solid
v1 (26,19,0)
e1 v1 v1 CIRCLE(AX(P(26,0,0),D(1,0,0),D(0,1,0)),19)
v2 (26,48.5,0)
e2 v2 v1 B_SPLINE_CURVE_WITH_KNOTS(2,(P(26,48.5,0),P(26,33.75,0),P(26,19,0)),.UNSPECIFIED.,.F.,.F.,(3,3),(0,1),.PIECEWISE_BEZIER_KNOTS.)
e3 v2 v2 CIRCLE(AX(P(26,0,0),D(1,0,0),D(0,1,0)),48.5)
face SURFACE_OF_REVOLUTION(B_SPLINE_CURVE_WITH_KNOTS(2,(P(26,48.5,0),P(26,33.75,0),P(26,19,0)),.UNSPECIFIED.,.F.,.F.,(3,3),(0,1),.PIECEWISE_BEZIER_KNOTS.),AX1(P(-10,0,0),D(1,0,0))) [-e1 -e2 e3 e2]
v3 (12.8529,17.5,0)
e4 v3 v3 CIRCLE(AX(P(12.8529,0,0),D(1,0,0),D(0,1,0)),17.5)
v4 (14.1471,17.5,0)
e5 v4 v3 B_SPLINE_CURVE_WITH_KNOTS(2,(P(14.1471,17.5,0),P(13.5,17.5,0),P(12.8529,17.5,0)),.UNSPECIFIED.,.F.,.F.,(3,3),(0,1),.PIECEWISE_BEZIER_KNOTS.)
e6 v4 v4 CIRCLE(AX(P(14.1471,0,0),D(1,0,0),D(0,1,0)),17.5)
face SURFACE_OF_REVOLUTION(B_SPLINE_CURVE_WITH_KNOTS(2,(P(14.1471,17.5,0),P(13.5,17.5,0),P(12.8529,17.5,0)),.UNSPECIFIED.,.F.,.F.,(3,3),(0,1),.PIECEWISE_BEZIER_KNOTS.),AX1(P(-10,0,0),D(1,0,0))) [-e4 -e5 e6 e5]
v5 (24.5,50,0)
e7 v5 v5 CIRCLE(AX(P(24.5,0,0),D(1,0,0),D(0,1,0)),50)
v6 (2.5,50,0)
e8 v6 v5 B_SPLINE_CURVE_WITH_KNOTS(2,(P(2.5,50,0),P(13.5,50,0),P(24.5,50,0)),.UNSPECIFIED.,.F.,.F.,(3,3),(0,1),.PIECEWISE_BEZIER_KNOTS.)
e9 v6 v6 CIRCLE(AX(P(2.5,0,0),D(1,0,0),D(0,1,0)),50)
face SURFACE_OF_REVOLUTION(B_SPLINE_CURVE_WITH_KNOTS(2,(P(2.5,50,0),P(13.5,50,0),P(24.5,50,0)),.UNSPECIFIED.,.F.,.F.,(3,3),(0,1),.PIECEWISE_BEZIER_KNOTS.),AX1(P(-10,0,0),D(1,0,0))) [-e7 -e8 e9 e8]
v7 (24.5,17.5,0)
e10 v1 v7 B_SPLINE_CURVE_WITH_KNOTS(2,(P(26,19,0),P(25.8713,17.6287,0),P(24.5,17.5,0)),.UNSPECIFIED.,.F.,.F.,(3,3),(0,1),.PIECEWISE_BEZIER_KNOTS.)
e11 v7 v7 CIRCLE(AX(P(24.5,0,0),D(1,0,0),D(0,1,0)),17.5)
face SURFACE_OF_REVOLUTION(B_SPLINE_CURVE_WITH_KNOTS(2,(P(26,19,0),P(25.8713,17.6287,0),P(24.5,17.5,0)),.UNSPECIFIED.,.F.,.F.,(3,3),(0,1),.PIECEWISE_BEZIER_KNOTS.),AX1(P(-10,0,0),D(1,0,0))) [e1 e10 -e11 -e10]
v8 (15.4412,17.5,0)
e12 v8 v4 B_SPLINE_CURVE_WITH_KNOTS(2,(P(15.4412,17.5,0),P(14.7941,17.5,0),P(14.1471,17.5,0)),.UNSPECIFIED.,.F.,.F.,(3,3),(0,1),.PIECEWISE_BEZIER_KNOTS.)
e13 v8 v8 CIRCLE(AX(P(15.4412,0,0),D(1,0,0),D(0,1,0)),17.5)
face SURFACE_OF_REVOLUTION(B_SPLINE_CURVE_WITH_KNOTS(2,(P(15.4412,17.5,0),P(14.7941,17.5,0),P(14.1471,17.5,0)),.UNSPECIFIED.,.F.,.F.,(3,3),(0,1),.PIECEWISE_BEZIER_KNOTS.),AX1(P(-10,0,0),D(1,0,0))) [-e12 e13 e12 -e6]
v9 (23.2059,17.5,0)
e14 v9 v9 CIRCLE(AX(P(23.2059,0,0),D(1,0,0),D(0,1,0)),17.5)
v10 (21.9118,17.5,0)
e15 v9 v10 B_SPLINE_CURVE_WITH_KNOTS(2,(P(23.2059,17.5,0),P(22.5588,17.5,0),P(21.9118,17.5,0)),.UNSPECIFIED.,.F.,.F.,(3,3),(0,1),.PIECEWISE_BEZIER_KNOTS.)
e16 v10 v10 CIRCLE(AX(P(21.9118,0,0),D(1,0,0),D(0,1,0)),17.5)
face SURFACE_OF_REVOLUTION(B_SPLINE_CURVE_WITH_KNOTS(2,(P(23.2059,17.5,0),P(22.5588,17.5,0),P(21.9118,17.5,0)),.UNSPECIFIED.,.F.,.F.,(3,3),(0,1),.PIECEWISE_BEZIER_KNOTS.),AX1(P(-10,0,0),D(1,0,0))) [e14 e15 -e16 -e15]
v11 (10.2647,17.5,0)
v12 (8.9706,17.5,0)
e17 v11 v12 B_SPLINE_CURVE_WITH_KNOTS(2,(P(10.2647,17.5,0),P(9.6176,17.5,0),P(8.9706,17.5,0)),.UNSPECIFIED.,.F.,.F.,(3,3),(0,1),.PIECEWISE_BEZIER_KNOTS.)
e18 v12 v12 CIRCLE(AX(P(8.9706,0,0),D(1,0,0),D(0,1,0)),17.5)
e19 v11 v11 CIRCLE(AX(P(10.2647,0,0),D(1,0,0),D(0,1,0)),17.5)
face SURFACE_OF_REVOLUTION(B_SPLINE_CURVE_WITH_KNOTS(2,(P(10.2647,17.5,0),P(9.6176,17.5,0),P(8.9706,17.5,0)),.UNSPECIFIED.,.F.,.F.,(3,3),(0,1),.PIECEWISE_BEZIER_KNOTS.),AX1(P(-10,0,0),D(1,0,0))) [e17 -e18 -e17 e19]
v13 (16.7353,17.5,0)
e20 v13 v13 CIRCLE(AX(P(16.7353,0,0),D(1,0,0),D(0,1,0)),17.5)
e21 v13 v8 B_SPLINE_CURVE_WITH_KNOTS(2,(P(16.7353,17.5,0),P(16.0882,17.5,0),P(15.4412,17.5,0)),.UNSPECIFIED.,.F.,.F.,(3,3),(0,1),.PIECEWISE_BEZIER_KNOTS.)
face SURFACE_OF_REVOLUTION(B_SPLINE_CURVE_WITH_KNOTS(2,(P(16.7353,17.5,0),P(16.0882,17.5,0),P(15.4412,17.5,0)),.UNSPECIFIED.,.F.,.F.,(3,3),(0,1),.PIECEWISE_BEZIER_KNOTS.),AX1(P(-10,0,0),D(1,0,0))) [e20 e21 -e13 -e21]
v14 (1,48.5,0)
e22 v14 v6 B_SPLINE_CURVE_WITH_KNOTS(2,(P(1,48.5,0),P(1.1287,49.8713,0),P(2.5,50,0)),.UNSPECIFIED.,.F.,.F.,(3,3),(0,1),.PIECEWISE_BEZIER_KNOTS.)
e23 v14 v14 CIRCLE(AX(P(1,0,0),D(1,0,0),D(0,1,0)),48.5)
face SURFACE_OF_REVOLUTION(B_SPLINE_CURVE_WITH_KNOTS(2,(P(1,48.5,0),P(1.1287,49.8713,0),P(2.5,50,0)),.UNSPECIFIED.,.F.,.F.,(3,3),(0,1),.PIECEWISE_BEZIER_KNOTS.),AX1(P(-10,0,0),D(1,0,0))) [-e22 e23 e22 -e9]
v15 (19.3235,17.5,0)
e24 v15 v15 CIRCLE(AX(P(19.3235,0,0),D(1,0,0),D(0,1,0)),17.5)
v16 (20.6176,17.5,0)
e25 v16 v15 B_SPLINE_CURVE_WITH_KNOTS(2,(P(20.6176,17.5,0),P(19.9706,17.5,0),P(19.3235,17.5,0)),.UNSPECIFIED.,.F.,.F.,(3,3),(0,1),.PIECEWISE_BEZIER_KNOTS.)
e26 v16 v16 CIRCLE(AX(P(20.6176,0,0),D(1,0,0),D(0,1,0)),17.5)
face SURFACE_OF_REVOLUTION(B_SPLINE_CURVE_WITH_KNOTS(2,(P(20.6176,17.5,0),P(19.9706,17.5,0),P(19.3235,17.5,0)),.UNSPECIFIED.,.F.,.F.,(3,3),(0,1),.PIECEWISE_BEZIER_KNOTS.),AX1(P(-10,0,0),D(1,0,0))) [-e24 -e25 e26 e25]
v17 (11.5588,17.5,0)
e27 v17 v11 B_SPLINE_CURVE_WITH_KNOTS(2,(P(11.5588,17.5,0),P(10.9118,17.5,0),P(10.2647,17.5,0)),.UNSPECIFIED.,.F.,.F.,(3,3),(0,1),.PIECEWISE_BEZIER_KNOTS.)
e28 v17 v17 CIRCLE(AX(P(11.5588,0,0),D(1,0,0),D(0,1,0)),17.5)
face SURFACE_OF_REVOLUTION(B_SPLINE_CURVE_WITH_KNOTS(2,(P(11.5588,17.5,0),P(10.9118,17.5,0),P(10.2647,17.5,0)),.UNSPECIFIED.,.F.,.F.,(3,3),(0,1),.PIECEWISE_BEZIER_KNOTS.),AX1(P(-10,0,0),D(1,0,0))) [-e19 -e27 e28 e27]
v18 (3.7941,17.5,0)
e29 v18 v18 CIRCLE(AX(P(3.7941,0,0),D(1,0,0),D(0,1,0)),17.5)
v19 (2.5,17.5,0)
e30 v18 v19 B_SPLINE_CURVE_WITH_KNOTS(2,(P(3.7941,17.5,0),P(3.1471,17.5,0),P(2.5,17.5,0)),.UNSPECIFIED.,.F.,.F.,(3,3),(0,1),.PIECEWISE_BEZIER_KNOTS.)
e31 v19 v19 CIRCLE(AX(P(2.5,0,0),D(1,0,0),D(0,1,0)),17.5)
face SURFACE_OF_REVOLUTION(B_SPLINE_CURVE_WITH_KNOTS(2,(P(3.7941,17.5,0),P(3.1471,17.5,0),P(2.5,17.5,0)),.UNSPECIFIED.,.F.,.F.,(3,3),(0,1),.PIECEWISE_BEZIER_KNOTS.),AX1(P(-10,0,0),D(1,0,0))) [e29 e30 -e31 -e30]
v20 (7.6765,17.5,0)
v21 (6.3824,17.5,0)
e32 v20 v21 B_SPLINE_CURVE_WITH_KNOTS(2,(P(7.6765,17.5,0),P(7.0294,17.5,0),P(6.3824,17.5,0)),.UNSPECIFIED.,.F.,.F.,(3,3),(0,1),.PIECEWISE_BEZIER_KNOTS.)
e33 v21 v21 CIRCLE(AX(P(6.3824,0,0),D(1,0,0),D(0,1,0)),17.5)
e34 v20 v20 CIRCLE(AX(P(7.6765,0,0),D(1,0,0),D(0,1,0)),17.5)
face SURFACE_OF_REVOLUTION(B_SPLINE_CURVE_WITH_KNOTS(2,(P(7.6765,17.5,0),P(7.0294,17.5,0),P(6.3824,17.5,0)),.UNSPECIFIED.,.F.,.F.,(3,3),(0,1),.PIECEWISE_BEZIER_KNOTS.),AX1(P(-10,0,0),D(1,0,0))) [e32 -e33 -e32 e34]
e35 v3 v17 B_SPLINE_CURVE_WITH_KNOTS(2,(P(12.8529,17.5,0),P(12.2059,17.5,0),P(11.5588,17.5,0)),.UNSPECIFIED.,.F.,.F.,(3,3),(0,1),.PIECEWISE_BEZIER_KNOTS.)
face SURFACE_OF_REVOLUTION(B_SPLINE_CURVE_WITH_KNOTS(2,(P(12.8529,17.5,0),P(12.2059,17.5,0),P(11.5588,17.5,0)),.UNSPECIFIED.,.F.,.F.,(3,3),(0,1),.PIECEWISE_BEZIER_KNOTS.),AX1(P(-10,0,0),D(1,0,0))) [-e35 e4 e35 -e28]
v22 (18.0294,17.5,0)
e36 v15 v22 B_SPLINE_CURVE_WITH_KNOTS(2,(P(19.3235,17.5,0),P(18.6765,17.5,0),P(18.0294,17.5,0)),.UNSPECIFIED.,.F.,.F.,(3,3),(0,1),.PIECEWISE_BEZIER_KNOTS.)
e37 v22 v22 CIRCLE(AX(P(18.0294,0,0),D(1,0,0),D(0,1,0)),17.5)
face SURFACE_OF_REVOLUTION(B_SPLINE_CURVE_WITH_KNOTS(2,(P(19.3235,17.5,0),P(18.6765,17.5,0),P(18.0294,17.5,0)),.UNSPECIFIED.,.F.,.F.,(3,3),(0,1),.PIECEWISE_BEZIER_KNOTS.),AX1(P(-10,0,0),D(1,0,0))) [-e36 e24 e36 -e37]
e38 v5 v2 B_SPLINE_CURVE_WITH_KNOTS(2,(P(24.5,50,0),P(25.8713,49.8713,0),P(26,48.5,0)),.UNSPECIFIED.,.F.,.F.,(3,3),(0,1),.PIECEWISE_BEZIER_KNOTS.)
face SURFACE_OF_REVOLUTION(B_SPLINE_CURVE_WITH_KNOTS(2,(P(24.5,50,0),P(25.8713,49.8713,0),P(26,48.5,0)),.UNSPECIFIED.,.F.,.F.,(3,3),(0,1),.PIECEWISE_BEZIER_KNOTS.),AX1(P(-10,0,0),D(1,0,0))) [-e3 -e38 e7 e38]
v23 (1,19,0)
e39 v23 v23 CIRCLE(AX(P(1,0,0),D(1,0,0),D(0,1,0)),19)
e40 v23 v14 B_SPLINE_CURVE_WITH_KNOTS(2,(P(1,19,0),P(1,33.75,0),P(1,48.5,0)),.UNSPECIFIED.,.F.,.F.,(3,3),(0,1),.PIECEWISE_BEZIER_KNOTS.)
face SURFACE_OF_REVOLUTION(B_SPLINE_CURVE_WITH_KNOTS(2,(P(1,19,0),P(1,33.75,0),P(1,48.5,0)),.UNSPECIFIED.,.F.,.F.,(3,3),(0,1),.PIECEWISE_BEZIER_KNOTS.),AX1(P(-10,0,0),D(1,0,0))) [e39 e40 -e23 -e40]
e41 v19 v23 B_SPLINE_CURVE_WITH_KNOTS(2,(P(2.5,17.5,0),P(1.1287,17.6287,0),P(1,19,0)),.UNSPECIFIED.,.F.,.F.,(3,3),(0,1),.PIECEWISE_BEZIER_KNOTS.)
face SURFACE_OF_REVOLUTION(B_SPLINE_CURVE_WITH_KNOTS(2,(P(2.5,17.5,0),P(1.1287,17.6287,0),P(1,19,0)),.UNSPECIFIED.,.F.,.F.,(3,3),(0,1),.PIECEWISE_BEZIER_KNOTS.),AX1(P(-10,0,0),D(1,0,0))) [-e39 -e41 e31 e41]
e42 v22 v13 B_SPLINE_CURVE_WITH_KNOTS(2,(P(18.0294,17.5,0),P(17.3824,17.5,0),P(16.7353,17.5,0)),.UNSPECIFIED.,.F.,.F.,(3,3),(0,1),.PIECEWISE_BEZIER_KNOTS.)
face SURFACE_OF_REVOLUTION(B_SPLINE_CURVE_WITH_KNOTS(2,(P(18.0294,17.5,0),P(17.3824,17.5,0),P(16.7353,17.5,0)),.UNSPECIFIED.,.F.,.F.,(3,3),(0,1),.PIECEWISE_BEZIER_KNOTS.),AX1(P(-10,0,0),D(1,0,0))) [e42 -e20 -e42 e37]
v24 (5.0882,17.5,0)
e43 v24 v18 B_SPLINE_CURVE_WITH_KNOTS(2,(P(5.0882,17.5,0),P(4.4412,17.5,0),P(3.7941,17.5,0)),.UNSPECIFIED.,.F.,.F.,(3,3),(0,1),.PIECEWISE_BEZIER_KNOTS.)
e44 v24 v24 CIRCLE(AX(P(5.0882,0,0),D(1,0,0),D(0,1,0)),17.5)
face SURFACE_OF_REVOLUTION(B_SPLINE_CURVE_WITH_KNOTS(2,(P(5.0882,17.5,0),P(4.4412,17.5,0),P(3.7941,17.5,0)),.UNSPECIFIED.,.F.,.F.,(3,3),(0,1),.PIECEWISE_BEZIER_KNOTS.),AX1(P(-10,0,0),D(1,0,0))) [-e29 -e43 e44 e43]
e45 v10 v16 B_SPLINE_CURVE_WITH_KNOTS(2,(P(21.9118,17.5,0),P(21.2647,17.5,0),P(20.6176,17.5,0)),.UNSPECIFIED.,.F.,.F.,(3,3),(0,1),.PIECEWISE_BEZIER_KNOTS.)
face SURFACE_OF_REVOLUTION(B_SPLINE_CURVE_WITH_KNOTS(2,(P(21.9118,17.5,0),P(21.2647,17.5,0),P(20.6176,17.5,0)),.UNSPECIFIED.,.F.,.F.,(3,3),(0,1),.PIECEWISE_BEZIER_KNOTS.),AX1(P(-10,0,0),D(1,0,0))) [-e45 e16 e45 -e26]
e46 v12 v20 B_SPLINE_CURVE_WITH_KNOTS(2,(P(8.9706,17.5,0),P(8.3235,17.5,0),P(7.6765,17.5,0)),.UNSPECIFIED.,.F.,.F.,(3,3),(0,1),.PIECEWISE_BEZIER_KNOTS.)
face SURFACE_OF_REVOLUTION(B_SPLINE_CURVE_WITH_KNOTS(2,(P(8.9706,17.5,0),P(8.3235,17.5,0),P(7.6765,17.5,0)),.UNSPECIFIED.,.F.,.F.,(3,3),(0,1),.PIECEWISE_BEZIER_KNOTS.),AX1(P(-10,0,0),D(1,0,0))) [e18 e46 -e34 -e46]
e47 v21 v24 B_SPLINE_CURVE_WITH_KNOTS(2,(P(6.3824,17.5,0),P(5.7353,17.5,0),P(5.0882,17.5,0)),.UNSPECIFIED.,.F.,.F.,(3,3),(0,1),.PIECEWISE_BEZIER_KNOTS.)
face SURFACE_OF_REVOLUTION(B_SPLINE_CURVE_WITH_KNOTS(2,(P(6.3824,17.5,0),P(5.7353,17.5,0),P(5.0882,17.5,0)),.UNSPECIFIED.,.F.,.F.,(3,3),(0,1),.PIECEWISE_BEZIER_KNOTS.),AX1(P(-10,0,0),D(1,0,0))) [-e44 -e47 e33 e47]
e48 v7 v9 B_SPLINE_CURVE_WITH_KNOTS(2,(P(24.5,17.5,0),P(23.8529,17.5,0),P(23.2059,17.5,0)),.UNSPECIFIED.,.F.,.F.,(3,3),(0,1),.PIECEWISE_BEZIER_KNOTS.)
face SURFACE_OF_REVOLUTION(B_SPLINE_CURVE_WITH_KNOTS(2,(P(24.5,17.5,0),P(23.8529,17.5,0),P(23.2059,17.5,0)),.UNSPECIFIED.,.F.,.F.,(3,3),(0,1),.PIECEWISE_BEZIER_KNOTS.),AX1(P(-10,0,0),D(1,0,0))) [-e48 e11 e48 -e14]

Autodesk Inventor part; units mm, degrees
ref_plane "YZ Plane" through (0, 0, 0) normal (1, 0, 0) x (0, 1, 0)
ref_plane "XZ Plane" through (0, 0, 0) normal (0, 1, 0) x (-1, 0, 0)
ref_plane "XY Plane" through (0, 0, 0) normal (0, 0, 1) x (1, 0, 0)
sketch "Sketch1" plane through (0, 0, 0) normal (0, 0, 1) x (1, 0, 0)
  line L0 (-4.4603, 0) -> (31.4603, 0) projected
  line L1 (0, 10.5397) -> (0, 56.9603) projected
  spline S0 degree 2 poles (2.5, 17.5) (1.1287, 17.6287) (1, 19) knots 0 0 0 1 1 1
  spline S1 degree 2 poles (1, 19) (1, 33.75) (1, 48.5) knots 0 0 0 1 1 1
  spline S2 degree 2 poles (1, 48.5) (1.1287, 49.8713) (2.5, 50) knots 0 0 0 1 1 1
  spline S3 degree 2 poles (2.5, 50) (13.5, 50) (24.5, 50) knots 0 0 0 1 1 1
  spline S4 degree 2 poles (24.5, 50) (25.8713, 49.8713) (26, 48.5) knots 0 0 0 1 1 1
  spline S5 degree 2 poles (26, 48.5) (26, 33.75) (26, 19) knots 0 0 0 1 1 1
  spline S6 degree 2 poles (26, 19) (25.8713, 17.6287) (24.5, 17.5) knots 0 0 0 1 1 1
  spline S7 degree 2 poles (24.5, 17.5) (23.8529, 17.5) (23.2059, 17.5) knots 0 0 0 1 1 1
  spline S8 degree 2 poles (23.2059, 17.5) (22.5588, 17.5) (21.9118, 17.5) knots 0 0 0 1 1 1
  spline S9 degree 2 poles (21.9118, 17.5) (21.2647, 17.5) (20.6176, 17.5) knots 0 0 0 1 1 1
  spline S10 degree 2 poles (20.6176, 17.5) (19.9706, 17.5) (19.3235, 17.5) knots 0 0 0 1 1 1
  spline S11 degree 2 poles (19.3235, 17.5) (18.6765, 17.5) (18.0294, 17.5) knots 0 0 0 1 1 1
  spline S12 degree 2 poles (18.0294, 17.5) (17.3824, 17.5) (16.7353, 17.5) knots 0 0 0 1 1 1
  spline S13 degree 2 poles (16.7353, 17.5) (16.0882, 17.5) (15.4412, 17.5) knots 0 0 0 1 1 1
  spline S14 degree 2 poles (15.4412, 17.5) (14.7941, 17.5) (14.1471, 17.5) knots 0 0 0 1 1 1
  spline S15 degree 2 poles (14.1471, 17.5) (13.5, 17.5) (12.8529, 17.5) knots 0 0 0 1 1 1
  spline S16 degree 2 poles (12.8529, 17.5) (12.2059, 17.5) (11.5588, 17.5) knots 0 0 0 1 1 1
  spline S17 degree 2 poles (11.5588, 17.5) (10.9118, 17.5) (10.2647, 17.5) knots 0 0 0 1 1 1
  spline S18 degree 2 poles (10.2647, 17.5) (9.6176, 17.5) (8.9706, 17.5) knots 0 0 0 1 1 1
  spline S19 degree 2 poles (8.9706, 17.5) (8.3235, 17.5) (7.6765, 17.5) knots 0 0 0 1 1 1
  spline S20 degree 2 poles (7.6765, 17.5) (7.0294, 17.5) (6.3824, 17.5) knots 0 0 0 1 1 1
  spline S21 degree 2 poles (6.3824, 17.5) (5.7353, 17.5) (5.0882, 17.5) knots 0 0 0 1 1 1
  spline S22 degree 2 poles (5.0882, 17.5) (4.4412, 17.5) (3.7941, 17.5) knots 0 0 0 1 1 1
  spline S23 degree 2 poles (3.7941, 17.5) (3.1471, 17.5) (2.5, 17.5) knots 0 0 0 1 1 1
  point P0 (1.4393, 17.9393)
  point P1 (1, 33.75)
  point P2 (1.4393, 49.5607)
  point P3 (13.5, 50)
  point P4 (25.5607, 49.5607)
  point P5 (26, 33.75)
  point P6 (25.5607, 17.9393)
  point P7 (23.8529, 17.5)
  point P8 (22.5588, 17.5)
  point P9 (21.2647, 17.5)
  point P10 (19.9706, 17.5)
  point P11 (18.6765, 17.5)
  point P12 (17.3824, 17.5)
  point P13 (16.0882, 17.5)
  point P14 (14.7941, 17.5)
  point P15 (13.5, 17.5)
  point P16 (12.2059, 17.5)
  point P17 (10.9118, 17.5)
  point P18 (9.6176, 17.5)
  point P19 (8.3235, 17.5)
  point P20 (7.0294, 17.5)
  point P21 (5.7353, 17.5)
  point P22 (4.4412, 17.5)
  point P23 (3.1471, 17.5)
  dimension "d0" = 2.5
  dimension "d1" = 17.5
  dimension "d2" = 1.4393
  dimension "d3" = 17.9393
  dimension "d4" = 1
  dimension "d5" = 19
  dimension "d6" = 1
  dimension "d7" = 33.75
  dimension "d8" = 1
  dimension "d9" = 48.5
  dimension "d10" = 1.4393
  dimension "d11" = 49.5607
  dimension "d12" = 2.5
  dimension "d13" = 50
  dimension "d14" = 13.5
  dimension "d15" = 50
  dimension "d16" = 24.5
  dimension "d17" = 50
  dimension "d18" = 25.5607
  dimension "d19" = 49.5607
  dimension "d20" = 26
  dimension "d21" = 48.5
  dimension "d22" = 26
  dimension "d23" = 33.75
  dimension "d24" = 26
  dimension "d25" = 19
  dimension "d26" = 25.5607
  dimension "d27" = 17.9393
  dimension "d28" = 24.5
  dimension "d29" = 17.5
  dimension "d30" = 23.8529
  dimension "d31" = 17.5
  dimension "d32" = 23.2059
  dimension "d33" = 17.5
  dimension "d34" = 22.5588
  dimension "d35" = 17.5
  dimension "d36" = 21.9118
  dimension "d37" = 17.5
  dimension "d38" = 21.2647
  dimension "d39" = 17.5
  dimension "d40" = 20.6177
  dimension "d41" = 17.5
  dimension "d42" = 19.9706
  dimension "d43" = 17.5
  dimension "d44" = 19.3235
  dimension "d45" = 17.5
  dimension "d46" = 18.6765
  dimension "d47" = 17.5
  dimension "d48" = 18.0294
  dimension "d49" = 17.5
  dimension "d50" = 17.3823
  dimension "d51" = 17.5
  dimension "d52" = 16.7353
  dimension "d53" = 17.5
  dimension "d54" = 16.0882
  dimension "d55" = 17.5
  dimension "d56" = 15.4412
  dimension "d57" = 17.5
  dimension "d58" = 14.7941
  dimension "d59" = 17.5
  dimension "d60" = 14.1471
  dimension "d61" = 17.5
  dimension "d62" = 13.5
  dimension "d63" = 17.5
revolve "Revolution1" add sketch "Sketch1" angle 360 about axis through (-10, 0, 0) along (1, 0, 0)
equation "\"d0\" = MC_X1"
equation "\"d1\" = MC_Y1"
equation "\"d2\" = MC_X2"
equation "\"d3\" = MC_Y2"
equation "\"d4\" = MC_X3"
equation "\"d5\" = MC_Y3"
equation "\"d6\" = MC_X4"
equation "\"d7\" = MC_Y4"
equation "\"d8\" = MC_X5"
equation "\"d9\" = MC_Y5"
equation "\"d10\" = MC_X6"
equation "\"d11\" = MC_Y6"
equation "\"d12\" = MC_X7"
equation "\"d13\" = MC_Y7"
equation "\"d14\" = MC_X8"
equation "\"d15\" = MC_Y8"
equation "\"d16\" = MC_X9"
equation "\"d17\" = MC_Y9"
equation "\"d18\" = MC_X10"
equation "\"d19\" = MC_Y10"
equation "\"d20\" = MC_X11"
equation "\"d21\" = MC_Y11"
equation "\"d22\" = MC_X12"
equation "\"d23\" = MC_Y12"
equation "\"d24\" = MC_X13"
equation "\"d25\" = MC_Y13"
equation "\"d26\" = MC_X14"
equation "\"d27\" = MC_Y14"
equation "\"d28\" = MC_X15"
equation "\"d29\" = MC_Y15"
equation "\"d30\" = MC_X16"
equation "\"d31\" = MC_Y16"
equation "\"d32\" = MC_X17"
equation "\"d33\" = MC_Y17"
equation "\"d34\" = MC_X18"
equation "\"d35\" = MC_Y18"
equation "\"d36\" = MC_X19"
equation "\"d37\" = MC_Y19"
equation "\"d38\" = MC_X20"
equation "\"d39\" = MC_Y20"
equation "\"d40\" = MC_X21"
equation "\"d41\" = MC_Y21"
equation "\"d42\" = MC_X22"
equation "\"d43\" = MC_Y22"
equation "\"d44\" = MC_X23"
equation "\"d45\" = MC_Y23"
equation "\"d46\" = MC_X24"
equation "\"d47\" = MC_Y24"
equation "\"d48\" = MC_X25"
equation "\"d49\" = MC_Y25"
equation "\"d50\" = MC_X26"
equation "\"d51\" = MC_Y26"
equation "\"d52\" = MC_X27"
equation "\"d53\" = MC_Y27"
equation "\"d54\" = MC_X28"
equation "\"d55\" = MC_Y28"
equation "\"d56\" = MC_X29"
equation "\"d57\" = MC_Y29"
equation "\"d58\" = MC_X30"
equation "\"d59\" = MC_Y30"
equation "\"d60\" = MC_X31"
equation "\"d61\" = MC_Y31"
equation "\"d62\" = MC_X32"
equation "\"MC_X1\" = 2.5"
equation "\"MC_Y1\" = 17.5"
equation "\"MC_X2\" = 1.43934"
equation "\"MC_Y2\" = 17.93934"
equation "\"MC_X3\" = 1"
equation "\"MC_Y3\" = 19"
equation "\"MC_X4\" = 1"
equation "\"MC_Y4\" = 33.75"
equation "\"MC_X5\" = 1"
equation "\"MC_Y5\" = 48.5"
equation "\"MC_X6\" = 1.43934"
equation "\"MC_Y6\" = 49.56066"
equation "\"MC_X7\" = 2.5"
equation "\"MC_Y7\" = 50"
equation "\"MC_X8\" = 13.5"
equation "\"MC_Y8\" = 50"
equation "\"MC_X9\" = 24.5"
equation "\"MC_Y9\" = 50"
equation "\"MC_X10\" = 25.56066"
equation "\"MC_Y10\" = 49.56066"
equation "\"MC_X11\" = 26"
equation "\"MC_Y11\" = 48.5"
equation "\"MC_X12\" = 26"
equation "\"MC_Y12\" = 33.75"
equation "\"MC_X13\" = 26"
equation "\"MC_Y13\" = 19"
equation "\"MC_X14\" = 25.56066"
equation "\"MC_Y14\" = 17.93934"
equation "\"MC_X15\" = 24.5"
equation "\"MC_Y15\" = 17.5"
equation "\"MC_X16\" = 23.85294"
equation "\"MC_Y16\" = 17.5"
equation "\"MC_X17\" = 23.20588"
equation "\"MC_Y17\" = 17.5"
equation "\"MC_X18\" = 22.55882"
equation "\"MC_Y18\" = 17.5"
equation "\"MC_X19\" = 21.91176"
equation "\"MC_Y19\" = 17.5"
equation "\"MC_X20\" = 21.26471"
equation "\"MC_Y20\" = 17.5"
equation "\"MC_X21\" = 20.61765"
equation "\"MC_Y21\" = 17.5"
equation "\"MC_X22\" = 19.97059"
equation "\"MC_Y22\" = 17.5"
equation "\"MC_X23\" = 19.32353"
equation "\"MC_Y23\" = 17.5"
equation "\"MC_X24\" = 18.67647"
equation "\"MC_Y24\" = 17.5"
equation "\"MC_X25\" = 18.02941"
equation "\"MC_Y25\" = 17.5"
equation "\"MC_X26\" = 17.38235"
equation "\"MC_Y26\" = 17.5"
equation "\"MC_X27\" = 16.73529"
equation "\"MC_Y27\" = 17.5"
equation "\"MC_X28\" = 16.08824"
equation "\"MC_Y28\" = 17.5"
equation "\"MC_X29\" = 15.44118"
equation "\"MC_Y29\" = 17.5"
equation "\"MC_X30\" = 14.79412"
equation "\"MC_Y30\" = 17.5"
equation "\"MC_X31\" = 14.14706"
equation "\"MC_Y31\" = 17.5"
equation "\"MC_X32\" = 13.5"
equation "\"MC_Y32\" = 17.5"
equation "\"MC_X33\" = 12.85294"
equation "\"MC_Y33\" = 17.5"
equation "\"MC_X34\" = 12.20588"
equation "\"MC_Y34\" = 17.5"
equation "\"MC_X35\" = 11.55882"
equation "\"MC_Y35\" = 17.5"
equation "\"MC_X36\" = 10.91176"
equation "\"MC_Y36\" = 17.5"
equation "\"MC_X37\" = 10.26471"
equation "\"MC_Y37\" = 17.5"
equation "\"MC_X38\" = 9.61765"
equation "\"MC_Y38\" = 17.5"
equation "\"MC_X39\" = 8.97059"
equation "\"MC_Y39\" = 17.5"
equation "\"MC_X40\" = 8.32353"
equation "\"MC_Y40\" = 17.5"
equation "\"MC_X41\" = 7.67647"
equation "\"MC_Y41\" = 17.5"
equation "\"MC_X42\" = 7.02941"
equation "\"MC_Y42\" = 17.5"
equation "\"MC_X43\" = 6.38235"
equation "\"MC_Y43\" = 17.5"
equation "\"MC_X44\" = 5.73529"
equation "\"MC_Y44\" = 17.5"
equation "\"MC_X45\" = 5.08824"
equation "\"MC_Y45\" = 17.5"
equation "\"MC_X46\" = 4.44118"
equation "\"MC_Y46\" = 17.5"
equation "\"MC_X47\" = 3.79412"
equation "\"MC_Y47\" = 17.5"
equation "\"MC_X48\" = 3.14706"
equation "\"MC_Y48\" = 17.5"
properties part number "rbearing2"
